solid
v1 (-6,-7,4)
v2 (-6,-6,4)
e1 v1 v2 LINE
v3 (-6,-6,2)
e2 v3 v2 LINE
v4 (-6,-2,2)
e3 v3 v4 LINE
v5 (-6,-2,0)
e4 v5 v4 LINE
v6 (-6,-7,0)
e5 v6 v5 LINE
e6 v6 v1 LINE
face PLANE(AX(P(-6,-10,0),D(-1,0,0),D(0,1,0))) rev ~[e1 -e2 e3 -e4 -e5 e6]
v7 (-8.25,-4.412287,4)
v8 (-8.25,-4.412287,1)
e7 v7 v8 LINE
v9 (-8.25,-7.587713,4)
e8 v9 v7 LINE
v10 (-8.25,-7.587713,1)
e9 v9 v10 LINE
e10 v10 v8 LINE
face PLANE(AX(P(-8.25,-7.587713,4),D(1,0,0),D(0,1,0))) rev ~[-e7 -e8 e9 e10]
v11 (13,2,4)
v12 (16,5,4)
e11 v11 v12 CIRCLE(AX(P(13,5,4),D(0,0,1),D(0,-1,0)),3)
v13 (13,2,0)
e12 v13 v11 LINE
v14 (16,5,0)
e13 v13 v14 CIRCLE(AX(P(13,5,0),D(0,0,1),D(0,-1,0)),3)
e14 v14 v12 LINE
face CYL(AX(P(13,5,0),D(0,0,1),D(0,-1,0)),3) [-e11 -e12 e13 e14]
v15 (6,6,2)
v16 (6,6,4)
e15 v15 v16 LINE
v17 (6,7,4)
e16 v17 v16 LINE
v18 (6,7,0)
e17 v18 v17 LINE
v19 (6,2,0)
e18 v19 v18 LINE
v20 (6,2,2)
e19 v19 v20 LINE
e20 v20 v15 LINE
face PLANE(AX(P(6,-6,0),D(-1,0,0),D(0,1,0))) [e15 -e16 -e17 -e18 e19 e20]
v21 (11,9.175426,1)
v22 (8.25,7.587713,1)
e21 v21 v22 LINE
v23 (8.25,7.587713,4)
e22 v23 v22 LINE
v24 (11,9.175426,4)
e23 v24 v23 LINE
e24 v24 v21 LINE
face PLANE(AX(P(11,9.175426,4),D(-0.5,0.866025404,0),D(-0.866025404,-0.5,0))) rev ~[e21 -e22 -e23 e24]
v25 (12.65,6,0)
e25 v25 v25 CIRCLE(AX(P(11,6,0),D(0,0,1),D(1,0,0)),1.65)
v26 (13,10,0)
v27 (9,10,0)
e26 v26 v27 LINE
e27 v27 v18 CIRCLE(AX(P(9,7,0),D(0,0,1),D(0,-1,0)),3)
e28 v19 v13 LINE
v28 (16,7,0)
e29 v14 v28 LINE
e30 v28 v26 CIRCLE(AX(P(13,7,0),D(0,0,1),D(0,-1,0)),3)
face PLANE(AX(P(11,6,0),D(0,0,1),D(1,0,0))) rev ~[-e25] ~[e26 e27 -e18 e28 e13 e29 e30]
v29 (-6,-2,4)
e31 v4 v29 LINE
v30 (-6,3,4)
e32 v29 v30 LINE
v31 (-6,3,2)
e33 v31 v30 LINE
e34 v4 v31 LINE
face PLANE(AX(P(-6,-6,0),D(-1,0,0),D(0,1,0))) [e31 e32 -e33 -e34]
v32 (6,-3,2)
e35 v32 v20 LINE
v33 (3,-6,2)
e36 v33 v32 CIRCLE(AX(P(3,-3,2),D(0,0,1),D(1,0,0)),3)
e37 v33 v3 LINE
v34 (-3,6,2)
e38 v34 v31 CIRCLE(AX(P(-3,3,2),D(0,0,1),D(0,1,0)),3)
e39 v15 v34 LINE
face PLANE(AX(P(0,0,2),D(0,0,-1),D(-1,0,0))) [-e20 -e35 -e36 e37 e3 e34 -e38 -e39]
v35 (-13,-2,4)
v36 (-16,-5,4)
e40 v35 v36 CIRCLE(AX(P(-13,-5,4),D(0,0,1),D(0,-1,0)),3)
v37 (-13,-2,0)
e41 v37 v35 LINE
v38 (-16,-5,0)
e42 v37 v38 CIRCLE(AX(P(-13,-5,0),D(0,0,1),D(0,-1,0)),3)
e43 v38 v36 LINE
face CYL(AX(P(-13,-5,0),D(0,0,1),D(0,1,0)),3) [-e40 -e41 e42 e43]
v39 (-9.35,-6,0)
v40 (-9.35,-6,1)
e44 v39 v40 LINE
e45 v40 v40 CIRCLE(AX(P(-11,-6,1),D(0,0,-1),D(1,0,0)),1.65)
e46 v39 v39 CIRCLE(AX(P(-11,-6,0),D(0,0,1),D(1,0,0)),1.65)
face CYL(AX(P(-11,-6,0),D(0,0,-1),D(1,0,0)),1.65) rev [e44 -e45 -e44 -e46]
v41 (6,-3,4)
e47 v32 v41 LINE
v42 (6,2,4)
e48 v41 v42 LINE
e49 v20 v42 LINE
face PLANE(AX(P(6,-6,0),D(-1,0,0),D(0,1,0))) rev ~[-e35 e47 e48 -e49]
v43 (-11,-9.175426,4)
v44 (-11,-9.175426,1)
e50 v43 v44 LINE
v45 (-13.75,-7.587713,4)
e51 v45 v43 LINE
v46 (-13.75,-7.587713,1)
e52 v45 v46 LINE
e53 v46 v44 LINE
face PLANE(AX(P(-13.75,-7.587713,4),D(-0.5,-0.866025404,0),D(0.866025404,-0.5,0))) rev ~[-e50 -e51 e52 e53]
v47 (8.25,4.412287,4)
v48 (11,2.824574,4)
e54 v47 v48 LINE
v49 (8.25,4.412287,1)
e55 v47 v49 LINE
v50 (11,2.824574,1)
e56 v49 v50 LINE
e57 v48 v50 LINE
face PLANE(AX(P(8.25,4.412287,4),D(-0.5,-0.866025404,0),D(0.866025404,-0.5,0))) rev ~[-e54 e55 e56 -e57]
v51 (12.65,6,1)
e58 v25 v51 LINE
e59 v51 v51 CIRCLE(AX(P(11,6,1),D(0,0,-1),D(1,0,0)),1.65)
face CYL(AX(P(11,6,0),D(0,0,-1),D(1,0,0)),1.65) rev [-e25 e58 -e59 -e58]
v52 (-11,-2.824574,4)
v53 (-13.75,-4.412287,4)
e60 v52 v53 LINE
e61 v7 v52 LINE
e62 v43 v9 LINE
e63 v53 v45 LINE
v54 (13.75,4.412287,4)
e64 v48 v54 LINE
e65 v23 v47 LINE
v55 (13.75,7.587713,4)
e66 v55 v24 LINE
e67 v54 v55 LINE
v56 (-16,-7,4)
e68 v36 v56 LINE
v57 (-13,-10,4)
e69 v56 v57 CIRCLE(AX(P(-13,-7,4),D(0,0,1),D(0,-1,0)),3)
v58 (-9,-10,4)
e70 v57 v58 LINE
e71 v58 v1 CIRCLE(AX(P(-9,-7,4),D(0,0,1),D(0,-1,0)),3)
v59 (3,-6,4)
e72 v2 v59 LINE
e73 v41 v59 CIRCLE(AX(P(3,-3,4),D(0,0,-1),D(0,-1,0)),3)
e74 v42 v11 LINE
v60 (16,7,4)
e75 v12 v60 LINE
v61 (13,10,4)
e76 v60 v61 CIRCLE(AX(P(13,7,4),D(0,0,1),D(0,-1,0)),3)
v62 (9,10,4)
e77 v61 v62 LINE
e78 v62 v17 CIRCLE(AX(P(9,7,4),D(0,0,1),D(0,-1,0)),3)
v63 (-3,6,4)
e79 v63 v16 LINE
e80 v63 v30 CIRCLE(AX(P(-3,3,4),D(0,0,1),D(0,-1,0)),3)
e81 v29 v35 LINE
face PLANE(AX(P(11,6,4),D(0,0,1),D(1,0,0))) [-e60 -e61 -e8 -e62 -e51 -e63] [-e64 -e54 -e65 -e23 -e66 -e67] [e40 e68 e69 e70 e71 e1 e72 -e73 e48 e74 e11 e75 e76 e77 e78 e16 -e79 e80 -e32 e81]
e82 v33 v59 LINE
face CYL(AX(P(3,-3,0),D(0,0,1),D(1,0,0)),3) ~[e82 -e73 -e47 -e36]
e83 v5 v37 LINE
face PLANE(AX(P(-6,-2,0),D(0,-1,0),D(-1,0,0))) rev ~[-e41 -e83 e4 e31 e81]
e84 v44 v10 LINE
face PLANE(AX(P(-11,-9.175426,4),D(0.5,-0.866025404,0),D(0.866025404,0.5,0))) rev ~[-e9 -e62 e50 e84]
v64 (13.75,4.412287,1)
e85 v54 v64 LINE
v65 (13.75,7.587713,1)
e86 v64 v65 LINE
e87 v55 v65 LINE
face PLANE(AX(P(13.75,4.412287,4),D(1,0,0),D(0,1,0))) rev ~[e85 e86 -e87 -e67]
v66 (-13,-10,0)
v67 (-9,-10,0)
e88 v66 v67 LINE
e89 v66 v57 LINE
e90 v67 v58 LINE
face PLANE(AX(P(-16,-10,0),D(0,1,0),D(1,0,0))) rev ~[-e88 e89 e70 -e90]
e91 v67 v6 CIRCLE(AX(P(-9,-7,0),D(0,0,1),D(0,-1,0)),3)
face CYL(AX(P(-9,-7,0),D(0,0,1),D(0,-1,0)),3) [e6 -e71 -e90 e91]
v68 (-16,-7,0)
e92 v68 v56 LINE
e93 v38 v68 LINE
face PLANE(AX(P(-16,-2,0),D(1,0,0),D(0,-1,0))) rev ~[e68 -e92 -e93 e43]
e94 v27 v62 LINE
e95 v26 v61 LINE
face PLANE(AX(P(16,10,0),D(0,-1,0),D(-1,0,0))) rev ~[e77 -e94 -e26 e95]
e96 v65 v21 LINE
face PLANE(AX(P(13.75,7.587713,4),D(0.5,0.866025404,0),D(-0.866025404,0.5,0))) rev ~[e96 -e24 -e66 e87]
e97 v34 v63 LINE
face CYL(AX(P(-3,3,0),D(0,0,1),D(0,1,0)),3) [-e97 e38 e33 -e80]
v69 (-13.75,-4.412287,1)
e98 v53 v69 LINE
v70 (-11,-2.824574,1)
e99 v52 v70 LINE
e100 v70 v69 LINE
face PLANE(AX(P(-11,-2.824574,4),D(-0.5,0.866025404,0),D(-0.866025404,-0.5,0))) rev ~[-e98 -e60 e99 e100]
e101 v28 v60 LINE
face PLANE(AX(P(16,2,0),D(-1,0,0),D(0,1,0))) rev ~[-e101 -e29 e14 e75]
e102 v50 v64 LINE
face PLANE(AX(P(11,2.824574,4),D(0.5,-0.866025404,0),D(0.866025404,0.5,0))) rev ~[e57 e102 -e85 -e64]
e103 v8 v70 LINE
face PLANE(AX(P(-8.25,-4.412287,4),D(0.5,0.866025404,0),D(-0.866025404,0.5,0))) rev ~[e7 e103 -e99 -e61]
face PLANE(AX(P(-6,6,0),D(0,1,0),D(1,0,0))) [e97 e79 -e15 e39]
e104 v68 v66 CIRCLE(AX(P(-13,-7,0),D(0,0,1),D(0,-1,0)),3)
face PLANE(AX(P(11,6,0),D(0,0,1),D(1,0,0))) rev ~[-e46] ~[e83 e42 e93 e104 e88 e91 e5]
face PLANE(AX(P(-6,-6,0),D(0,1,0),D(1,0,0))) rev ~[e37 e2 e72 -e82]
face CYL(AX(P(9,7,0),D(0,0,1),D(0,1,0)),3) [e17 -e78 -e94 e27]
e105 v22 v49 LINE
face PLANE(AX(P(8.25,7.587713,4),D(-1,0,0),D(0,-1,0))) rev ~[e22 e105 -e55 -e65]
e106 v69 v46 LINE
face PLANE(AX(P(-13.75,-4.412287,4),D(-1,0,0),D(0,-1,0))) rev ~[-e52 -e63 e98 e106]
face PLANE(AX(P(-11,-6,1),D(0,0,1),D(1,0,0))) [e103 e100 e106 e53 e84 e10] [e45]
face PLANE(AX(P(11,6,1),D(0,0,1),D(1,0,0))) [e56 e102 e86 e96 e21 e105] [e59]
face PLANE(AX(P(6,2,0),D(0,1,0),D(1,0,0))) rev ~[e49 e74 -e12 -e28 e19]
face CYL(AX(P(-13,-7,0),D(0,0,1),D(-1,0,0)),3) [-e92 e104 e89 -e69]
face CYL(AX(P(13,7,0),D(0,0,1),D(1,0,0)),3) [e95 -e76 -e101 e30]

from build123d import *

# Parameters (mm, degrees)
SKETCH7_R           = 1.65
SKETCH7_W           = 12
SKETCH7_H           = 12
BOSS_EXTRUDE2_DEPTH = 4
CUT_EXTRUDE6_DEPTH  = 3
FILLET3_R           = 3
SKETCH10_W          = 12
SKETCH10_H          = 12
CUT_EXTRUDE7_DEPTH  = 2


with BuildPart() as part:
    # Sketch7 → Boss-Extrude2 (new body)
    # profile 1 of 3: a face of its own
    with BuildSketch(Plane.XY):
        Polygon((-6, -10), (-6, -6), (-6, -2), (-16, -2), (-16, -10), align=None)
        with Locations((-11, -6)):
            Circle(SKETCH7_R, mode=Mode.SUBTRACT)
    # profile 2 of 3: a face of its own
    with BuildSketch(Plane.XY):
        Rectangle(SKETCH7_W, SKETCH7_H)
    # profile 3 of 3: a face of its own
    with BuildSketch(Plane.XY):
        Polygon((6, 6), (6, 2), (16, 2), (16, 10), (6, 10), align=None)
        with Locations((11, 6)):
            Circle(SKETCH7_R, mode=Mode.SUBTRACT)
    extrude(amount=BOSS_EXTRUDE2_DEPTH)

    # Sketch9 → Cut-Extrude6 (cut)
    with BuildSketch(Plane.XY.offset(4)):
        Polygon((-11, -2.824573519), (-13.75, -4.41228676), (-13.75, -7.58771324), (-11, -9.175426481), (-8.25, -7.58771324), (-8.25, -4.41228676), align=None)
        Polygon((11, 2.824573519), (13.75, 4.41228676), (13.75, 7.58771324), (11, 9.175426481), (8.25, 7.58771324), (8.25, 4.41228676), align=None)
    extrude(amount=-CUT_EXTRUDE6_DEPTH, mode=Mode.SUBTRACT)

    # Fillet3
    fillet3_edges = [part.edges().sort_by_distance(p)[0] for p in [
        (-16, -2, 2),
        (-6, 6, 2),
        (6, 10, 2),
        (16, 10, 2),
        (16, 2, 2),
        (6, -6, 2),
        (-6, -10, 2),
        (-16, -10, 2),
    ]]
    fillet(fillet3_edges, radius=FILLET3_R)

    # Sketch10 → Cut-Extrude7 (cut)
    with BuildSketch(Plane(origin=(0, 0, 0), x_dir=(-1, 0, 0), z_dir=(0, 0, -1))):
        Rectangle(SKETCH10_W, SKETCH10_H)
    extrude(amount=-CUT_EXTRUDE7_DEPTH, mode=Mode.SUBTRACT)


solid = part.part
